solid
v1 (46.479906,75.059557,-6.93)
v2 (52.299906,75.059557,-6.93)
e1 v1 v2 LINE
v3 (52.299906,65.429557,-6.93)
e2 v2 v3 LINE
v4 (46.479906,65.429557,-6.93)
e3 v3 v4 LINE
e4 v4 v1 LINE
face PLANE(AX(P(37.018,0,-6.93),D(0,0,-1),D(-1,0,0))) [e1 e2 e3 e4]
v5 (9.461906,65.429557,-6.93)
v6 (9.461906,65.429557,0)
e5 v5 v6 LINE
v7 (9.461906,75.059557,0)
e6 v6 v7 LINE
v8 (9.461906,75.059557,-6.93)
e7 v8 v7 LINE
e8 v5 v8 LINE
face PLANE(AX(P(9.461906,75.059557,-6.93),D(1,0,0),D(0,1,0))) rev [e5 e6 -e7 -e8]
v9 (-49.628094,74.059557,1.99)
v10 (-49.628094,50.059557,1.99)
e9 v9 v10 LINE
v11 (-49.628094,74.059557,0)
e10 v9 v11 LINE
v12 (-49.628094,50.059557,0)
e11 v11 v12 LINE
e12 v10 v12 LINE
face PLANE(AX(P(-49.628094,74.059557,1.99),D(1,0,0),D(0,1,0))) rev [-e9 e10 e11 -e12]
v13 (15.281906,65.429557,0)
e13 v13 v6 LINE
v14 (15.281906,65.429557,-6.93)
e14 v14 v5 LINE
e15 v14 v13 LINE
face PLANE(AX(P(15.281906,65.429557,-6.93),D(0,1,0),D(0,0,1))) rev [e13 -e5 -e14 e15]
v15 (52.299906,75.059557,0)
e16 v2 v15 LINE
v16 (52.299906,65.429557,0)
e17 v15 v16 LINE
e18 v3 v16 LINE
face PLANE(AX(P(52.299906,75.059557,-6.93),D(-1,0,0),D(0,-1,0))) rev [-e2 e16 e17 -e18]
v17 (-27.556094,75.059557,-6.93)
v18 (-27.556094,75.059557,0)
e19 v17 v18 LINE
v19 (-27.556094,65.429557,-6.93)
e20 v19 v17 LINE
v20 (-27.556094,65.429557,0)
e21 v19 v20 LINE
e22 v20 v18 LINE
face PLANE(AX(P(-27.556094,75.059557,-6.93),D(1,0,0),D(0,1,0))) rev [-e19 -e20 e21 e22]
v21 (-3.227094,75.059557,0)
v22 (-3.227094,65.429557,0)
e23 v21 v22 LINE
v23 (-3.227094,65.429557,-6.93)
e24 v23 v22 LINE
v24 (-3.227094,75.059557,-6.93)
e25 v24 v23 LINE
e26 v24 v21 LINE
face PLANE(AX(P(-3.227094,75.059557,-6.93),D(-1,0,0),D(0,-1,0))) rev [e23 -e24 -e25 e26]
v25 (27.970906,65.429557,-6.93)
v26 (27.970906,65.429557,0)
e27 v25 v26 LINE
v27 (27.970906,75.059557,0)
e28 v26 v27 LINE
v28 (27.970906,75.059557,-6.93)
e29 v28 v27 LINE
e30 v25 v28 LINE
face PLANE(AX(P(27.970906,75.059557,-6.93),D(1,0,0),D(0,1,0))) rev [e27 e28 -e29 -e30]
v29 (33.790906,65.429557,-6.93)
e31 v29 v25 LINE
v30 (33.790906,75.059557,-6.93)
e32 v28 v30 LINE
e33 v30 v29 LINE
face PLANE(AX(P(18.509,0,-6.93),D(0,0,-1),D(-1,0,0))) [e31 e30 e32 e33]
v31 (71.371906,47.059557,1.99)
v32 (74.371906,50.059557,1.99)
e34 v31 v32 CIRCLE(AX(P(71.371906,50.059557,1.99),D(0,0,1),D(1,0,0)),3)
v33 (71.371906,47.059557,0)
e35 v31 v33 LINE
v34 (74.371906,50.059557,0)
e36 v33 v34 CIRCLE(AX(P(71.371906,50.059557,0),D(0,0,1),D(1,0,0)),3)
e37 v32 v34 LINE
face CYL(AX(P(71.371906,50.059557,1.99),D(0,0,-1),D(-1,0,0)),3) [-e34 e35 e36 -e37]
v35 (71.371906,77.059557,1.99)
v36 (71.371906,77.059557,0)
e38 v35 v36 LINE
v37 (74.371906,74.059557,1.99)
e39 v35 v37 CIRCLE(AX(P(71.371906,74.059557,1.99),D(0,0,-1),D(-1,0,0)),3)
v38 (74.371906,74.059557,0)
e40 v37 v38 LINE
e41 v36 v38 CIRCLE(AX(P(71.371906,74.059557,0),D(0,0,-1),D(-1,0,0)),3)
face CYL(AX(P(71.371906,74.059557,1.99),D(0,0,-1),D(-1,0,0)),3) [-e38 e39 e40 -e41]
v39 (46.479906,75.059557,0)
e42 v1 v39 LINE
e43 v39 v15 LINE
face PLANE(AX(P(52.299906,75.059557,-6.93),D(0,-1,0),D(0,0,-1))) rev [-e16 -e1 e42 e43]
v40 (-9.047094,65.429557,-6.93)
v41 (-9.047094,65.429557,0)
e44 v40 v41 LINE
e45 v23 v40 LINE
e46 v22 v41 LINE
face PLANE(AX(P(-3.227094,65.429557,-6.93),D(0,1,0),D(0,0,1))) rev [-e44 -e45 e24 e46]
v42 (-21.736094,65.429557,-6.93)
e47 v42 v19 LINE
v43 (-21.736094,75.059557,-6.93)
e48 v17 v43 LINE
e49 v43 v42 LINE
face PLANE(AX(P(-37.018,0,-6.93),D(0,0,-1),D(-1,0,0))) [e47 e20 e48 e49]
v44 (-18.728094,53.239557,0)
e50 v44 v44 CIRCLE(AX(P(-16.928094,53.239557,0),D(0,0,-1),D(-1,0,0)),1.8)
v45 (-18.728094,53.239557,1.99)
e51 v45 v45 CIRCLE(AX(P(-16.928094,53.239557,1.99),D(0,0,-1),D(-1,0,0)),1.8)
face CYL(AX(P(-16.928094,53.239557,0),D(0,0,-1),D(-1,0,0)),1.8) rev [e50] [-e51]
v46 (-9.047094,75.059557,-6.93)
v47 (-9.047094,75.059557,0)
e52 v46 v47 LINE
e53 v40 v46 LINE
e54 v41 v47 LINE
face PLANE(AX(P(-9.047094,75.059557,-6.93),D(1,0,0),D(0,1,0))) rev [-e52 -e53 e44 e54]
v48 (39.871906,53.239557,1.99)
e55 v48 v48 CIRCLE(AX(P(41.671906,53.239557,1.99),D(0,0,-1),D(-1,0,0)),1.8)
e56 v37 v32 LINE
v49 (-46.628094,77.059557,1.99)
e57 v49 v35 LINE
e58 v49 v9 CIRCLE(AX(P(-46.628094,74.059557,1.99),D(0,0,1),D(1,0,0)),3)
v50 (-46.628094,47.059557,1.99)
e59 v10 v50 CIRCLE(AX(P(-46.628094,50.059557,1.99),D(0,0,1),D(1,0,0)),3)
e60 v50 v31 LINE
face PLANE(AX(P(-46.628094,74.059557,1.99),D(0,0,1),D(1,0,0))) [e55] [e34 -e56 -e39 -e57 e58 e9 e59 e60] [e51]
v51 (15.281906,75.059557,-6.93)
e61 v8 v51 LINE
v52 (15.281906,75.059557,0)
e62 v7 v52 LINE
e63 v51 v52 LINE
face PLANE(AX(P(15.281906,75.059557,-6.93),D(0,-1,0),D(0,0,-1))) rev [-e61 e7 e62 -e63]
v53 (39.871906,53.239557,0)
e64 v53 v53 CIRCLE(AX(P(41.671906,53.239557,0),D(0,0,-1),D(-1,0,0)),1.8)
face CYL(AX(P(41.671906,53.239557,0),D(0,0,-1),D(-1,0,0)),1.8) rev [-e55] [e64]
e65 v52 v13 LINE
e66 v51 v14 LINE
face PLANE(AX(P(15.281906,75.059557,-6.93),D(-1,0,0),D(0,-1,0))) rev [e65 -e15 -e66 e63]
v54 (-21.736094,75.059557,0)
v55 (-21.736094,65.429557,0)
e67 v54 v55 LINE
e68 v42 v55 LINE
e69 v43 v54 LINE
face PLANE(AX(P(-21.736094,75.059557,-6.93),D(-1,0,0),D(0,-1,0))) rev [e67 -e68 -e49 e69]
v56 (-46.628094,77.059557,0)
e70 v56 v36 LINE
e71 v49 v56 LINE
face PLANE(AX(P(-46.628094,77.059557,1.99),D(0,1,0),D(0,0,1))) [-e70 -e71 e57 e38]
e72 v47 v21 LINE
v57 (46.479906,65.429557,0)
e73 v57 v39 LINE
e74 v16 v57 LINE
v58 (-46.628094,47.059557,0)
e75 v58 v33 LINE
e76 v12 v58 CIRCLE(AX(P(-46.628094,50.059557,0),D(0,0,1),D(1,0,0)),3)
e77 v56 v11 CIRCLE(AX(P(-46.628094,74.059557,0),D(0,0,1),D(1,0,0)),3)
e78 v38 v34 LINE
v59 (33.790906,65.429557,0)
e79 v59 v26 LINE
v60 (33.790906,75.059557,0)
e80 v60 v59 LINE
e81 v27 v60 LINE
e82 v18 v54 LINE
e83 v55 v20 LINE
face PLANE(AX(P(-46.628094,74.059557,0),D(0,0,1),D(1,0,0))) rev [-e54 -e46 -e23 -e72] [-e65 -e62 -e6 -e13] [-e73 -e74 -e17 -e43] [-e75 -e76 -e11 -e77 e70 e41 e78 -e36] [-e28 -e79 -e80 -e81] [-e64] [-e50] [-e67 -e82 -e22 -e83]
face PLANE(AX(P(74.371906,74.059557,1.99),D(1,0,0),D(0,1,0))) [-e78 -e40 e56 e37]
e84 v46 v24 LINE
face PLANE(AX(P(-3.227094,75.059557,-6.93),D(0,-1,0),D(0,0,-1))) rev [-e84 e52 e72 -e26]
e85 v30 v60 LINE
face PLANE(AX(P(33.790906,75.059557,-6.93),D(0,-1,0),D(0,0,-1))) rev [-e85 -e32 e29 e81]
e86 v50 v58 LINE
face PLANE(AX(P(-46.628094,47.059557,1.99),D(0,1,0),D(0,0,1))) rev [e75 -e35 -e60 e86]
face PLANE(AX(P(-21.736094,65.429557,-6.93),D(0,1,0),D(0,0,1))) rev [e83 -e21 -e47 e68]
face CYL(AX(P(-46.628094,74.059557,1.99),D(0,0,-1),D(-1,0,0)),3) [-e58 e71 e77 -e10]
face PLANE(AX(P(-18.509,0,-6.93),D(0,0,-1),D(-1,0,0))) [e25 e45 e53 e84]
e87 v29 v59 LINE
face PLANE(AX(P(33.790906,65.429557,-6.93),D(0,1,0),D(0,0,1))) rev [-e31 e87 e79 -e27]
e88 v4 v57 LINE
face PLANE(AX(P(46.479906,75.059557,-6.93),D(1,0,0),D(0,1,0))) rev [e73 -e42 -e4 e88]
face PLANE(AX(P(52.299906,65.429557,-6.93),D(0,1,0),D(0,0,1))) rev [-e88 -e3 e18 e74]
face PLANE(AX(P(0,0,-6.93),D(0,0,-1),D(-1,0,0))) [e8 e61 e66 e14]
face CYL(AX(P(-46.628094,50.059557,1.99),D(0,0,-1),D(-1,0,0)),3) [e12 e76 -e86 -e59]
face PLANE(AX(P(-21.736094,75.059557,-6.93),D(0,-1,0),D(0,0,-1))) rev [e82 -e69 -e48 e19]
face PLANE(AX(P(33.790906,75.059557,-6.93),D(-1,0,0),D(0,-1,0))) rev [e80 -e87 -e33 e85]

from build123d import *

# Parameters (mm, degrees)
BOSS_EXTRU_1_DEPTH             = 1.99
ESQUISSE3_W                    = 5.82
ESQUISSE3_H                    = 9.63
BOSS_EXTRU_5_DEPTH             = 6.93
R_P_TITION_LIN_AIRE2_COUNT     = 3
R_P_TITION_LIN_AIRE2_PITCH     = 18.509
R_P_TITION_LIN_AIRE2_COL_COUNT = 3
R_P_TITION_LIN_AIRE2_COL_PITCH = 18.509
D_GAGEMENT_M31_D               = 3.6


with BuildPart() as part:
    # Esquisse2 → Boss.-Extru.1 (new body)
    with BuildSketch(Plane.XY):
        with BuildLine():
            Line((-46.628094051, 77.059557029), (71.371905949, 77.059557029))
            ThreePointArc((71.371905949, 77.059557029), (73.493226293, 76.180877372), (74.371905949, 74.059557029))
            Line((74.371905949, 74.059557029), (74.371905949, 50.059557029))
            ThreePointArc((74.371905949, 50.059557029), (73.493226293, 47.938236685), (71.371905949, 47.059557029))
            Line((71.371905949, 47.059557029), (-46.628094051, 47.059557029))
            ThreePointArc((-46.628094051, 47.059557029), (-48.749414394, 47.938236685), (-49.628094051, 50.059557029))
            Line((-49.628094051, 50.059557029), (-49.628094051, 74.059557029))
            ThreePointArc((-49.628094051, 74.059557029), (-48.749414394, 76.180877372), (-46.628094051, 77.059557029))
        make_face()
    extrude(amount=BOSS_EXTRU_1_DEPTH)

    # Esquisse3 → Boss.-Extru.5 (add)
    with BuildSketch(Plane(origin=(0, 0, 0), x_dir=(-1, 0, 0), z_dir=(0, 0, -1))):
        with Locations((-12.371905949, 70.244557029)):
            Rectangle(ESQUISSE3_W, ESQUISSE3_H)
    boss_extru_5 = extrude(amount=BOSS_EXTRU_5_DEPTH)

    # Répétition linéaire2: Boss.-Extru.5 ×3
    with Locations(*[(-i * R_P_TITION_LIN_AIRE2_PITCH, 0, 0) for i in range(1, R_P_TITION_LIN_AIRE2_COUNT)]):
        add(boss_extru_5)

    # Répétition linéaire2 col: Boss.-Extru.5 ×3
    with Locations(*[(i * R_P_TITION_LIN_AIRE2_COL_PITCH, 0, 0) for i in range(1, R_P_TITION_LIN_AIRE2_COL_COUNT)]):
        add(boss_extru_5)

    # Dégagement M31 (through all)
    with Locations(Plane(origin=(0, 0, 0), x_dir=(-1, 0, 0), z_dir=(0, 0, -1))):
        with Locations((-41.671905949, 53.239557029), (16.928094051, 53.239557029)):
            Hole(D_GAGEMENT_M31_D / 2)


solid = part.part
